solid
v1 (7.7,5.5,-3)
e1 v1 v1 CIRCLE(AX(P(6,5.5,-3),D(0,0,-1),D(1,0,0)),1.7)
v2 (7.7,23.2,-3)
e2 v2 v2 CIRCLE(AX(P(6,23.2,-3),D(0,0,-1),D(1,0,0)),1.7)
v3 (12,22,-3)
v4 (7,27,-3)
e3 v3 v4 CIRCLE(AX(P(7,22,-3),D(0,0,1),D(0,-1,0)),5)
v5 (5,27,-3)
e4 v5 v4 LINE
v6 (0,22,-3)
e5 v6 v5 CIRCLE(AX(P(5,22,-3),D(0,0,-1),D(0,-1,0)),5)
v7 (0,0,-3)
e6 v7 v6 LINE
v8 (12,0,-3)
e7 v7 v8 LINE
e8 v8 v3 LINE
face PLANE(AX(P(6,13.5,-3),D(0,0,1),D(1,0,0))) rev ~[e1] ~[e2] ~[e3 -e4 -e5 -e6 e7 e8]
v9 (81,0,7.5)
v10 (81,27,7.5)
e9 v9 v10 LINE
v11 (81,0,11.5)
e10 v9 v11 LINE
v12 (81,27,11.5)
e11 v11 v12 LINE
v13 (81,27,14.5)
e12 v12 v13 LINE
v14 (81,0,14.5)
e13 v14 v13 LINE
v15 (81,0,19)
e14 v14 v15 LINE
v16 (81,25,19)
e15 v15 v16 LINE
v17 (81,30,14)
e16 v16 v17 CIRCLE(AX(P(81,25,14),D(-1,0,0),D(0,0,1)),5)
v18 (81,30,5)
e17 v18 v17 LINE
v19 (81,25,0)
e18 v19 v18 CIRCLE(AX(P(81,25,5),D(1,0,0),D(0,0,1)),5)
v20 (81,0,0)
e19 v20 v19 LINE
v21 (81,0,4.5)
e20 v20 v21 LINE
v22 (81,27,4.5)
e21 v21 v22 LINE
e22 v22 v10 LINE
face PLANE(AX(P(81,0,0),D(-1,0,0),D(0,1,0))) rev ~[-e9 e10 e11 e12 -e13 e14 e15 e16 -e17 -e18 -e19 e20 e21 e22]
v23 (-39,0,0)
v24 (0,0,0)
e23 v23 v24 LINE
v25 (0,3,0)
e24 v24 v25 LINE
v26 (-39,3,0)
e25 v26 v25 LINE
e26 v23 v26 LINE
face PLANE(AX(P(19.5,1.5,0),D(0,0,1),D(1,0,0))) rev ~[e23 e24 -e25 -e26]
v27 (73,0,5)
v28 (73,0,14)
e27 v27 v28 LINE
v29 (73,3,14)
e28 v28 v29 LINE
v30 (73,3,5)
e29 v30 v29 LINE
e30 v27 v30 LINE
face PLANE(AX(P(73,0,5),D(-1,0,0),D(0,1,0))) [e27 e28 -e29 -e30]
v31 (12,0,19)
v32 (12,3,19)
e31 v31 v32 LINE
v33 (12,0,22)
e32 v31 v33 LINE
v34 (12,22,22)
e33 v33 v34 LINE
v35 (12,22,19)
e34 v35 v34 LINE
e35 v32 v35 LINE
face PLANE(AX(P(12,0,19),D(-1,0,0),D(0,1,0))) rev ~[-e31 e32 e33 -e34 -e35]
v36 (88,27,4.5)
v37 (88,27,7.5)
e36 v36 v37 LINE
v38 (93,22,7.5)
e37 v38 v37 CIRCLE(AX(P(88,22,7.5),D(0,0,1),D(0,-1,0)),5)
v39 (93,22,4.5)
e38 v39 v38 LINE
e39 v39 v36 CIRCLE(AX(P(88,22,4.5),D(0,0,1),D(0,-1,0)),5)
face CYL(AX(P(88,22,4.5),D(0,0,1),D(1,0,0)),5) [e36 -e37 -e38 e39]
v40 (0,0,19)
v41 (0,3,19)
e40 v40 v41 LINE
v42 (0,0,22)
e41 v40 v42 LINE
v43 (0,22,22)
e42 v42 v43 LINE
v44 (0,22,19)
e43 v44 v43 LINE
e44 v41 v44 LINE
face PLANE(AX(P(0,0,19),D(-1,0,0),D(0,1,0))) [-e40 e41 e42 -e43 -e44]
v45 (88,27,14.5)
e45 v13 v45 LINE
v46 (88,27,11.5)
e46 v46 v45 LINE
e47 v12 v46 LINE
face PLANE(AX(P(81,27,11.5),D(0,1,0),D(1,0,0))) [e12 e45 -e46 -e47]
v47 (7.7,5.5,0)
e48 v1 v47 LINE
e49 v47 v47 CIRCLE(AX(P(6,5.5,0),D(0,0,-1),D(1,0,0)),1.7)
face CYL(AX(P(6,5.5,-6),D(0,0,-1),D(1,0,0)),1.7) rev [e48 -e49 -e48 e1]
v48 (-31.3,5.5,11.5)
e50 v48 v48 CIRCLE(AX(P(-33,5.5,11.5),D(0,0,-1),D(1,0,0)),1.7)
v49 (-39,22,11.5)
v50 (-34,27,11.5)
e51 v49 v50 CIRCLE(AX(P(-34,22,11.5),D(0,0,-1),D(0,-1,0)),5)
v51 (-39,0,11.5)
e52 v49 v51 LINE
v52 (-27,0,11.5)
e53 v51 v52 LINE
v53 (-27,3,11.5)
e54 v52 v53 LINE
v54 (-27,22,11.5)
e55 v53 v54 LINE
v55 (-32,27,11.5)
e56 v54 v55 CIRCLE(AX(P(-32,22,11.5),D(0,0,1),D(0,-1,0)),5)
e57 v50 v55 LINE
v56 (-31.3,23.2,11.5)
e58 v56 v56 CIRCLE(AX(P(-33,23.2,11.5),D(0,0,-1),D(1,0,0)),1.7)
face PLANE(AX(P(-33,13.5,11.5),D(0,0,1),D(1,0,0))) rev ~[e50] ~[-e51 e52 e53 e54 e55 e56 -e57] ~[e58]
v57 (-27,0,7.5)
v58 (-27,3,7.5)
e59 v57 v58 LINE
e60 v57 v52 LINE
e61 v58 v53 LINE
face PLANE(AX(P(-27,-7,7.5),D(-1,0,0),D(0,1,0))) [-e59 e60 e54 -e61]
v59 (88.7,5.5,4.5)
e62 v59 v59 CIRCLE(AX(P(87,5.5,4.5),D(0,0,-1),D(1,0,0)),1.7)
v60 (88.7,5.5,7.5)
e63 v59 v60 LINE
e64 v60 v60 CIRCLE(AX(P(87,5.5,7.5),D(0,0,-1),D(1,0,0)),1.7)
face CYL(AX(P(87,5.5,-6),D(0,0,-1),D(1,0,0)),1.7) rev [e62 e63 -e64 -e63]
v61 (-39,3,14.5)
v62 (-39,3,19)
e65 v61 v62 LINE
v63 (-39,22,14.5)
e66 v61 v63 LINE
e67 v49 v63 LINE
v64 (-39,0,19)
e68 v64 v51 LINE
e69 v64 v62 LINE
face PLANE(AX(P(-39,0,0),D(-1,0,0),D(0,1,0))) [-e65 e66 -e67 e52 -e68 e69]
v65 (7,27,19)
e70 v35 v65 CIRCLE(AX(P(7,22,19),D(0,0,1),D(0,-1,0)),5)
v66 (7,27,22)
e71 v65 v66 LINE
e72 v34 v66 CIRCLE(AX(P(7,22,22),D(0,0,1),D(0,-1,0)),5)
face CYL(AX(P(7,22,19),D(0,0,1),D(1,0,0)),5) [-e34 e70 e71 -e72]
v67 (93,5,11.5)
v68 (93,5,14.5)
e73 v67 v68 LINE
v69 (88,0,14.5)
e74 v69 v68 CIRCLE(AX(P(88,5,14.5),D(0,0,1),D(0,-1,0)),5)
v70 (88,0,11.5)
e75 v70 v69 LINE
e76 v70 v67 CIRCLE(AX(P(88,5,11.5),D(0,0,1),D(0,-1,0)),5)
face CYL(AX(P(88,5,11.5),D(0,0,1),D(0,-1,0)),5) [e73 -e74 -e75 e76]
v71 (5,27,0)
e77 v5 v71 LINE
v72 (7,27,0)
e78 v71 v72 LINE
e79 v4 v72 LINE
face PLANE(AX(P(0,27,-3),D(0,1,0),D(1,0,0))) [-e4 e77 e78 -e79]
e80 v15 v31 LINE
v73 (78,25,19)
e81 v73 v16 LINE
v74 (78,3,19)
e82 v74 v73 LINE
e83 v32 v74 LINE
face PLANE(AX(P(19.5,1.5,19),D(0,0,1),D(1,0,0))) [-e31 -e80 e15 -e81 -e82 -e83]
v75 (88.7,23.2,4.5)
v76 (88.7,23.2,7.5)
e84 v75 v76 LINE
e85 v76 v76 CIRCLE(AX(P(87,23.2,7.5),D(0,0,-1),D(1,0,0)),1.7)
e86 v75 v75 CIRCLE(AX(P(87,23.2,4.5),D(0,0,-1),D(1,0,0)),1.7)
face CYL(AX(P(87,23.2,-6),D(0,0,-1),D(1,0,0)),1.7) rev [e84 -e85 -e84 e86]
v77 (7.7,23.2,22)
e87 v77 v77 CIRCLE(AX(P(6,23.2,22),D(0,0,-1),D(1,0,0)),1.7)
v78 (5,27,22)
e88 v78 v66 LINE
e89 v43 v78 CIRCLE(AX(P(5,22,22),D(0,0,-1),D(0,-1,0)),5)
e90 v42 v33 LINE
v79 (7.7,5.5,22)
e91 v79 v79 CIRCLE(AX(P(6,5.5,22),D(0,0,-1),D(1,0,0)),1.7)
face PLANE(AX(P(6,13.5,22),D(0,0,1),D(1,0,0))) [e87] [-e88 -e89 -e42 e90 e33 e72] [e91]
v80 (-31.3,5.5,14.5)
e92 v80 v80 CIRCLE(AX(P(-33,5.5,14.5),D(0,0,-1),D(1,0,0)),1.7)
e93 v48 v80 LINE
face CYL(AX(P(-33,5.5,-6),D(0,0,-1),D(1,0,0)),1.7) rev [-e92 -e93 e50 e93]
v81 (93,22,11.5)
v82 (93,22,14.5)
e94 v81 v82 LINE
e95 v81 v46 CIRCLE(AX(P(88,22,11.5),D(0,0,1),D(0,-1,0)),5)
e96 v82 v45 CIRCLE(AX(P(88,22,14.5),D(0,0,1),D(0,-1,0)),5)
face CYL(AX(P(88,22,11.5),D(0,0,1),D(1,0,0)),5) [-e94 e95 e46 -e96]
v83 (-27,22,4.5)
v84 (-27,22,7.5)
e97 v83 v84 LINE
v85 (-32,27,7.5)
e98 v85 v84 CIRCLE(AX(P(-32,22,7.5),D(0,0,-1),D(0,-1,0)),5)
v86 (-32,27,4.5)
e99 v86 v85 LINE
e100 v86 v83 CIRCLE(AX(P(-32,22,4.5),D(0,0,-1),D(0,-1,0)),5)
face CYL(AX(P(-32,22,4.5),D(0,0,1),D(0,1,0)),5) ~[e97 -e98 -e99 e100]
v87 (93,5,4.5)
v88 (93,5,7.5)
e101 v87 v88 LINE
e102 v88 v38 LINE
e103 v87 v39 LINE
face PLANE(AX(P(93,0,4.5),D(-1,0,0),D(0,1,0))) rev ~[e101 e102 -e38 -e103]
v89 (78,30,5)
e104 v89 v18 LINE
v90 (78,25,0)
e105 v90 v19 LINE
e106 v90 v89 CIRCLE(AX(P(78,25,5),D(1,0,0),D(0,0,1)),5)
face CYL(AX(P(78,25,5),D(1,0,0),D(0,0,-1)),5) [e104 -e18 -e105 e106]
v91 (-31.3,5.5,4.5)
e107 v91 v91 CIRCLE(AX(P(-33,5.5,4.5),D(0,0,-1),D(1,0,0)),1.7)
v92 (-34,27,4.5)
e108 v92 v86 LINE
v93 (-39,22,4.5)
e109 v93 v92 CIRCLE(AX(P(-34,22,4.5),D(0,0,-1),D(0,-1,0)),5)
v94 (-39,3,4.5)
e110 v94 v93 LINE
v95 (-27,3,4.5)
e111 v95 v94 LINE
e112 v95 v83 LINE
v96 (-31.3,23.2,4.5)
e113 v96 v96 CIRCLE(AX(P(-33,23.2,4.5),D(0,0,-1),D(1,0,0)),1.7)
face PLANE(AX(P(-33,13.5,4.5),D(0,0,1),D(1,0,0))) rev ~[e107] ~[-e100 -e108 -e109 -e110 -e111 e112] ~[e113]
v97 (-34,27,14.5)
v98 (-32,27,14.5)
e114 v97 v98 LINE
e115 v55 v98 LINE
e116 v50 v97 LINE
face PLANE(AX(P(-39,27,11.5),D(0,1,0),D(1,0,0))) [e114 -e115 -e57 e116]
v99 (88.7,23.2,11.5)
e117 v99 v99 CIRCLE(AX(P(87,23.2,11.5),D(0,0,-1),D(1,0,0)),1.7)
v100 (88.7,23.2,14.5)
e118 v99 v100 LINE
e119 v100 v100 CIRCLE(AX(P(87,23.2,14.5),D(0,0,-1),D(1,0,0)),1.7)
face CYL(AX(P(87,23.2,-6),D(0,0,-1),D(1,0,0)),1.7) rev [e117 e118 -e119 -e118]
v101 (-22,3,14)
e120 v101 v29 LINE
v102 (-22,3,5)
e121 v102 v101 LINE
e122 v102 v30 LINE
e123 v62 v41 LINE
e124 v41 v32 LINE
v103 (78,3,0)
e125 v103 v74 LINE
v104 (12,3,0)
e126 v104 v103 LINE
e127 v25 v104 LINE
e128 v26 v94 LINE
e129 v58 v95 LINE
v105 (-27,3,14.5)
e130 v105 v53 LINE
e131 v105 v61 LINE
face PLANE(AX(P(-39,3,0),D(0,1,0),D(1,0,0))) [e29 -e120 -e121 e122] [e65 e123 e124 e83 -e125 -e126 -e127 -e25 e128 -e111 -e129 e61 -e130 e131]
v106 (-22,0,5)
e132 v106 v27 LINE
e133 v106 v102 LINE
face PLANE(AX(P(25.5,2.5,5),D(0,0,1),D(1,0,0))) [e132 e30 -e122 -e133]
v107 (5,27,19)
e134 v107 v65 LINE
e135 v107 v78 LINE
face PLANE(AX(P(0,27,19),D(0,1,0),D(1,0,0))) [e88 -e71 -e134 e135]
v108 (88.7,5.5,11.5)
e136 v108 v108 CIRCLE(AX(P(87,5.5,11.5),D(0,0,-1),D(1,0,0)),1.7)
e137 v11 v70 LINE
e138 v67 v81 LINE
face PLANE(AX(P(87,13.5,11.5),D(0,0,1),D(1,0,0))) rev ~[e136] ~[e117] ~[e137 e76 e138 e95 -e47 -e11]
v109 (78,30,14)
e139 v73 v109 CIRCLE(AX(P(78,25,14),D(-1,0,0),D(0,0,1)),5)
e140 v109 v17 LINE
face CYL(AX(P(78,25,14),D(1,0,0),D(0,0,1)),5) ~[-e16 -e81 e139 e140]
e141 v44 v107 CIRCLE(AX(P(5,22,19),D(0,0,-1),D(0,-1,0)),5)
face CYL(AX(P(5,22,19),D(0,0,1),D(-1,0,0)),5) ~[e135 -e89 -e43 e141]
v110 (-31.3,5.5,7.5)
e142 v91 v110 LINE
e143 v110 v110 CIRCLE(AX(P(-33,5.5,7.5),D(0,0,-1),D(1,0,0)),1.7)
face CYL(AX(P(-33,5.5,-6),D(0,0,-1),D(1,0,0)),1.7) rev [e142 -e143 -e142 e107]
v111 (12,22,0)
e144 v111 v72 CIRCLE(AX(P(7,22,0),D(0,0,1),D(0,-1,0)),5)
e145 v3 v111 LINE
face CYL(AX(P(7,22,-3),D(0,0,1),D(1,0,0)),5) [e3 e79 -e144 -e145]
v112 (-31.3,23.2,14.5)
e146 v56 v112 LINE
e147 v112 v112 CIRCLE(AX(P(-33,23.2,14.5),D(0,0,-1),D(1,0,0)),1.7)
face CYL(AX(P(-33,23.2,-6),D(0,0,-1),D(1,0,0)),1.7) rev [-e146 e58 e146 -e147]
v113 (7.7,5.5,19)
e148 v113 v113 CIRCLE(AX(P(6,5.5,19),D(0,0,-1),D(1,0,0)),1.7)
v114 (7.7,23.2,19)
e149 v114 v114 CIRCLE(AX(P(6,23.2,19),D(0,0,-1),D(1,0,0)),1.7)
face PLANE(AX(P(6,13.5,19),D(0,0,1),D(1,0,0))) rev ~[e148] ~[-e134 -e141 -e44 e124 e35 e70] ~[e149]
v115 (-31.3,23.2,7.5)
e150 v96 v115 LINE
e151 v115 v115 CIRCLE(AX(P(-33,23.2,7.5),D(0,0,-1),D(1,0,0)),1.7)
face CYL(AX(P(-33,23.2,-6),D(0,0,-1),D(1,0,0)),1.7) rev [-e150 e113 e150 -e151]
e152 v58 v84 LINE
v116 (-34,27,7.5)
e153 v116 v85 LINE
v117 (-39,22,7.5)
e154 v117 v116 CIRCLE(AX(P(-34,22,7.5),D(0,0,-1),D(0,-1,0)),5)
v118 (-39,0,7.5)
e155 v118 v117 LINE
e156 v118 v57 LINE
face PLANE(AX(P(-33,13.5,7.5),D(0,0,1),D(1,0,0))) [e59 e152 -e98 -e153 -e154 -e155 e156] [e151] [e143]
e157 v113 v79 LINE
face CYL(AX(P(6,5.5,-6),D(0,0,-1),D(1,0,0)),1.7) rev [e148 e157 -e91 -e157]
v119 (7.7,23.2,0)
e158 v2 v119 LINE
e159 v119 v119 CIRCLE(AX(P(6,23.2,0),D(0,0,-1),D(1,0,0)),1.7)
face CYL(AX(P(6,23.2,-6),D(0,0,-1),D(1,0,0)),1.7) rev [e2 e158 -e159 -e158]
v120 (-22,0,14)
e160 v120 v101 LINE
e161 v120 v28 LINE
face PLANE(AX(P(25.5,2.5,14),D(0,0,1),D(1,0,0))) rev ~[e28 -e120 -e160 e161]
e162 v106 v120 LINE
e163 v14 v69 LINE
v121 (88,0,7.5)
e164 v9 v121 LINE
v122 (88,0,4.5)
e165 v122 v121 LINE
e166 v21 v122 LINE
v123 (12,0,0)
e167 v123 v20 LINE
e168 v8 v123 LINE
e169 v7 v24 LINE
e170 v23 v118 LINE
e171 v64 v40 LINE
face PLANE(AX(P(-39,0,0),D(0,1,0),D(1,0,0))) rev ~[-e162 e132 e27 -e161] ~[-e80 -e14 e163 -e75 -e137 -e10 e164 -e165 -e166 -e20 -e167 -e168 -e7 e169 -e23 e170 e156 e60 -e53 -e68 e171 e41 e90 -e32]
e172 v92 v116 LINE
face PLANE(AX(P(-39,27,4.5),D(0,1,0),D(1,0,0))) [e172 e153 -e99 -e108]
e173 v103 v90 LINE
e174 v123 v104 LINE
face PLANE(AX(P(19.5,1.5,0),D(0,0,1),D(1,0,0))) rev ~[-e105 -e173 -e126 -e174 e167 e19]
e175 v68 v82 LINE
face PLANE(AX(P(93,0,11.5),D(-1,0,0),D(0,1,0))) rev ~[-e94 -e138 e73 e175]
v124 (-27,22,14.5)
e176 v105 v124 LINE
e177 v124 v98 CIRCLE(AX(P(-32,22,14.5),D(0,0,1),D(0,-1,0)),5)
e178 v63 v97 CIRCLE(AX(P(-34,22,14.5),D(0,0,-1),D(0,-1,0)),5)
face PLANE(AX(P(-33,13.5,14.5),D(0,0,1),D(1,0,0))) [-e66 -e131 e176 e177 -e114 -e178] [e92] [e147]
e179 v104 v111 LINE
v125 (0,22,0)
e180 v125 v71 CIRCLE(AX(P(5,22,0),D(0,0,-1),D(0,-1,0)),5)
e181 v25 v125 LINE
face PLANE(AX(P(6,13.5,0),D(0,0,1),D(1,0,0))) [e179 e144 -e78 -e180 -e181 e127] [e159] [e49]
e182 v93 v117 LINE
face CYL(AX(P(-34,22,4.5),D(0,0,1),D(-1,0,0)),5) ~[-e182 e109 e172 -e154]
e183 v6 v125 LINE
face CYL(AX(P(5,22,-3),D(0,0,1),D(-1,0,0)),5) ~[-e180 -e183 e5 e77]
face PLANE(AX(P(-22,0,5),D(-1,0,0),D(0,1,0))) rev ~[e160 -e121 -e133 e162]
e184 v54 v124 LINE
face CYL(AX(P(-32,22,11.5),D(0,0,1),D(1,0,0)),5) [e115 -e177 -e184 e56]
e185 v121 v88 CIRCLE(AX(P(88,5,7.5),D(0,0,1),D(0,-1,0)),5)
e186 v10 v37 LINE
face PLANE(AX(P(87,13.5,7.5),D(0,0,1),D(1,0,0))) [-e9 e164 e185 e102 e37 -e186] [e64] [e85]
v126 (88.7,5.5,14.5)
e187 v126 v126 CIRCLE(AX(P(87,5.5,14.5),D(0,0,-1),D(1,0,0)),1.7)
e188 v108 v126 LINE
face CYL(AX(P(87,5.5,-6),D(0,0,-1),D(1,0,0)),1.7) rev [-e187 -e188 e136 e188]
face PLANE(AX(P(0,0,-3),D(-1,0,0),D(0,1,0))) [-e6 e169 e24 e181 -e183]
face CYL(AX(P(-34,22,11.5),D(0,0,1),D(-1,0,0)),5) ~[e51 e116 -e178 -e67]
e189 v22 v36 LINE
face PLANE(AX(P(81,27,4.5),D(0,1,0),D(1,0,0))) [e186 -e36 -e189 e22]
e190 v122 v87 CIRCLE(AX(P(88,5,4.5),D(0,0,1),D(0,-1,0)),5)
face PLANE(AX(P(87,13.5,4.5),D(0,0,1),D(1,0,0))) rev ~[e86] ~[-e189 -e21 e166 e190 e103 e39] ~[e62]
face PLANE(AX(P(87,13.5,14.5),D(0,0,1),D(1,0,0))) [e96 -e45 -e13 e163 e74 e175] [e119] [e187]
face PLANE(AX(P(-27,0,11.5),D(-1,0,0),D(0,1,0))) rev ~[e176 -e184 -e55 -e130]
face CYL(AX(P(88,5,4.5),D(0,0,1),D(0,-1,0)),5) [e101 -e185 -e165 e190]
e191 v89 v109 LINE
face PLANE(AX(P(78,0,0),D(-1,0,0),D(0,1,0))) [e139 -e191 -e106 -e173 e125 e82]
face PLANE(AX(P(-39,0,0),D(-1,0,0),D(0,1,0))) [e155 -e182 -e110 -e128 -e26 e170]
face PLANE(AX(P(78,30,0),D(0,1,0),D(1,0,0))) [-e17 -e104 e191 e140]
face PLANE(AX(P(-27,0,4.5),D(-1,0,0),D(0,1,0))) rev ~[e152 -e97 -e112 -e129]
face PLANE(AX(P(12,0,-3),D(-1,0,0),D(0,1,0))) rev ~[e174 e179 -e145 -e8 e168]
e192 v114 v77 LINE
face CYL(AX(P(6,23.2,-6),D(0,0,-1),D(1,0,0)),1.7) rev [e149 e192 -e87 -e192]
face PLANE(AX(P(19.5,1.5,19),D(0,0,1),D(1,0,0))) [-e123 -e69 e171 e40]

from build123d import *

# Parameters (mm, degrees)
BOX009_W          = 95
BOX009_H          = 5
BOX009_DEPTH      = 9
CYLINDER001_R     = 1.7
CYLINDER001_DEPTH = 31
CYLINDER_R        = 1.7
CYLINDER_DEPTH    = 31
BOX005_W          = 12
BOX005_H          = 27
BOX005_DEPTH      = 3
BOX006_W          = 12
BOX006_H          = 27
BOX006_DEPTH      = 3
BOX007_W          = 12
BOX007_H          = 27
BOX007_DEPTH      = 3
BOX003_W          = 3
BOX003_H          = 30
BOX003_DEPTH      = 19
BOX001_W          = 12
BOX001_H          = 27
BOX001_DEPTH      = 3
BOX002_W          = 12
BOX002_H          = 27
BOX002_DEPTH      = 3
BOX008_W          = 12
BOX008_H          = 10
BOX008_DEPTH      = 4
BOX_W             = 117
BOX_H             = 3
BOX_DEPTH         = 19
BOX004_W          = 12
BOX004_H          = 27
BOX004_DEPTH      = 3
FILLET_R          = 5


with BuildPart() as cube009:
    # Box009 → Box009 (new body)
    with BuildSketch(Plane(origin=(-22, 0, 5), x_dir=(1, 0, 0), z_dir=(0, 0, 1))):
        with Locations((47.5, 2.5)):
            Rectangle(BOX009_W, BOX009_H)
    extrude(amount=BOX009_DEPTH)


with BuildPart() as cylinder001:
    # Cylinder001 → Cylinder001 (new body)
    with BuildSketch(Plane(origin=(6, 23.2, -6), x_dir=(1, 0, 0), z_dir=(0, 0, 1))):
        Circle(CYLINDER001_R)
    extrude(amount=CYLINDER001_DEPTH)


with BuildPart() as cylinder:
    # Cylinder → Cylinder (new body)
    with BuildSketch(Plane(origin=(6, 5.5, -6), x_dir=(1, 0, 0), z_dir=(0, 0, 1))):
        Circle(CYLINDER_R)
    extrude(amount=CYLINDER_DEPTH)


with BuildPart() as fusion002:
    # Fusion002 base: copy of Cylinder
    add(cylinder.part)

    # Fusion002: union Cylinder001
    add(cylinder001.part)


with BuildPart() as fusion002_1:
    # Fusion002 placement: moved
    add(fusion002.part.moved(Location((81, 0, 0))))


with BuildPart() as fusion003:
    # Fusion003 base: copy of Cylinder
    add(cylinder.part)

    # Fusion003: union Cylinder001
    add(cylinder001.part)


with BuildPart() as fusion003_1:
    # Fusion003 placement: moved
    add(fusion003.part.moved(Location((-39, 0, 0))))


with BuildPart() as cilindros:
    # Fusion001 base: copy of Cylinder
    add(cylinder.part)

    # Fusion001: union Cylinder001
    add(cylinder001.part)

    # Fusion004: union Fusion002, Fusion003
    add(fusion002_1.part)
    add(fusion003_1.part)


with BuildPart() as cube005:
    # Box005 → Box005 (new body)
    with BuildSketch(Plane(origin=(-39, 0, 11.5), x_dir=(1, 0, 0), z_dir=(0, 0, 1))):
        with Locations((6, 13.5)):
            Rectangle(BOX005_W, BOX005_H)
    extrude(amount=BOX005_DEPTH)


with BuildPart() as cube006:
    # Box006 → Box006 (new body)
    with BuildSketch(Plane(origin=(81, 0, 4.5), x_dir=(1, 0, 0), z_dir=(0, 0, 1))):
        with Locations((6, 13.5)):
            Rectangle(BOX006_W, BOX006_H)
    extrude(amount=BOX006_DEPTH)


with BuildPart() as cube007:
    # Box007 → Box007 (new body)
    with BuildSketch(Plane(origin=(81, 0, 11.5), x_dir=(1, 0, 0), z_dir=(0, 0, 1))):
        with Locations((6, 13.5)):
            Rectangle(BOX007_W, BOX007_H)
    extrude(amount=BOX007_DEPTH)


with BuildPart() as cube003:
    # Box003 → Box003 (new body)
    with BuildSketch(Plane(origin=(78, 0, 0), x_dir=(1, 0, 0), z_dir=(0, 0, 1))):
        with Locations((1.5, 15)):
            Rectangle(BOX003_W, BOX003_H)
    extrude(amount=BOX003_DEPTH)


with BuildPart() as cube001:
    # Box001 → Box001 (new body)
    with BuildSketch(Plane.XY.offset(-3)):
        with Locations((6, 13.5)):
            Rectangle(BOX001_W, BOX001_H)
    extrude(amount=BOX001_DEPTH)


with BuildPart() as cube002:
    # Box002 → Box002 (new body)
    with BuildSketch(Plane.XY.offset(19)):
        with Locations((6, 13.5)):
            Rectangle(BOX002_W, BOX002_H)
    extrude(amount=BOX002_DEPTH)


with BuildPart() as cube008:
    # Box008 → Box008 (new body)
    with BuildSketch(Plane(origin=(-39, -7, 7.5), x_dir=(1, 0, 0), z_dir=(0, 0, 1))):
        with Locations((6, 5)):
            Rectangle(BOX008_W, BOX008_H)
    extrude(amount=BOX008_DEPTH)


with BuildPart() as cut:
    # Box → Box (new body)
    with BuildSketch(Plane(origin=(-39, 0, 0), x_dir=(1, 0, 0), z_dir=(0, 0, 1))):
        with Locations((58.5, 1.5)):
            Rectangle(BOX_W, BOX_H)
    extrude(amount=BOX_DEPTH)

    # Cut: cut Cube008
    add(cube008.part, mode=Mode.SUBTRACT)


with BuildPart() as cut002:
    # Box004 → Box004 (new body)
    with BuildSketch(Plane(origin=(-39, 0, 4.5), x_dir=(1, 0, 0), z_dir=(0, 0, 1))):
        with Locations((6, 13.5)):
            Rectangle(BOX004_W, BOX004_H)
    extrude(amount=BOX004_DEPTH)

    # Fusion: union Cube005, Cube006, Cube007, Cube003, Cube001, Cube002, Cut
    add(cube005.part)
    add(cube006.part)
    add(cube007.part)
    add(cube003.part)
    add(cube001.part)
    add(cube002.part)
    add(cut.part)

    # Cut001: cut cilindros
    add(cilindros.part, mode=Mode.SUBTRACT)

    # Fillet
    fillet_edges = [cut002.edges().sort_by_distance(p)[0] for p in [
        (93, 0, 6),
        (93, 0, 13),
        (93, 27, 6),
        (93, 27, 13),
        (79.5, 30, 19),
        (79.5, 30, 0),
        (0, 27, 20.5),
        (-39, 27, 13),
        (-39, 27, 6),
        (0, 27, -1.5),
        (12, 27, -1.5),
        (12, 27, 20.5),
        (-27, 27, 13),
        (-27, 27, 6),
    ]]
    fillet(fillet_edges, radius=FILLET_R)

    # Cut002: cut Cube009
    add(cube009.part, mode=Mode.SUBTRACT)


solid = cut002.part
